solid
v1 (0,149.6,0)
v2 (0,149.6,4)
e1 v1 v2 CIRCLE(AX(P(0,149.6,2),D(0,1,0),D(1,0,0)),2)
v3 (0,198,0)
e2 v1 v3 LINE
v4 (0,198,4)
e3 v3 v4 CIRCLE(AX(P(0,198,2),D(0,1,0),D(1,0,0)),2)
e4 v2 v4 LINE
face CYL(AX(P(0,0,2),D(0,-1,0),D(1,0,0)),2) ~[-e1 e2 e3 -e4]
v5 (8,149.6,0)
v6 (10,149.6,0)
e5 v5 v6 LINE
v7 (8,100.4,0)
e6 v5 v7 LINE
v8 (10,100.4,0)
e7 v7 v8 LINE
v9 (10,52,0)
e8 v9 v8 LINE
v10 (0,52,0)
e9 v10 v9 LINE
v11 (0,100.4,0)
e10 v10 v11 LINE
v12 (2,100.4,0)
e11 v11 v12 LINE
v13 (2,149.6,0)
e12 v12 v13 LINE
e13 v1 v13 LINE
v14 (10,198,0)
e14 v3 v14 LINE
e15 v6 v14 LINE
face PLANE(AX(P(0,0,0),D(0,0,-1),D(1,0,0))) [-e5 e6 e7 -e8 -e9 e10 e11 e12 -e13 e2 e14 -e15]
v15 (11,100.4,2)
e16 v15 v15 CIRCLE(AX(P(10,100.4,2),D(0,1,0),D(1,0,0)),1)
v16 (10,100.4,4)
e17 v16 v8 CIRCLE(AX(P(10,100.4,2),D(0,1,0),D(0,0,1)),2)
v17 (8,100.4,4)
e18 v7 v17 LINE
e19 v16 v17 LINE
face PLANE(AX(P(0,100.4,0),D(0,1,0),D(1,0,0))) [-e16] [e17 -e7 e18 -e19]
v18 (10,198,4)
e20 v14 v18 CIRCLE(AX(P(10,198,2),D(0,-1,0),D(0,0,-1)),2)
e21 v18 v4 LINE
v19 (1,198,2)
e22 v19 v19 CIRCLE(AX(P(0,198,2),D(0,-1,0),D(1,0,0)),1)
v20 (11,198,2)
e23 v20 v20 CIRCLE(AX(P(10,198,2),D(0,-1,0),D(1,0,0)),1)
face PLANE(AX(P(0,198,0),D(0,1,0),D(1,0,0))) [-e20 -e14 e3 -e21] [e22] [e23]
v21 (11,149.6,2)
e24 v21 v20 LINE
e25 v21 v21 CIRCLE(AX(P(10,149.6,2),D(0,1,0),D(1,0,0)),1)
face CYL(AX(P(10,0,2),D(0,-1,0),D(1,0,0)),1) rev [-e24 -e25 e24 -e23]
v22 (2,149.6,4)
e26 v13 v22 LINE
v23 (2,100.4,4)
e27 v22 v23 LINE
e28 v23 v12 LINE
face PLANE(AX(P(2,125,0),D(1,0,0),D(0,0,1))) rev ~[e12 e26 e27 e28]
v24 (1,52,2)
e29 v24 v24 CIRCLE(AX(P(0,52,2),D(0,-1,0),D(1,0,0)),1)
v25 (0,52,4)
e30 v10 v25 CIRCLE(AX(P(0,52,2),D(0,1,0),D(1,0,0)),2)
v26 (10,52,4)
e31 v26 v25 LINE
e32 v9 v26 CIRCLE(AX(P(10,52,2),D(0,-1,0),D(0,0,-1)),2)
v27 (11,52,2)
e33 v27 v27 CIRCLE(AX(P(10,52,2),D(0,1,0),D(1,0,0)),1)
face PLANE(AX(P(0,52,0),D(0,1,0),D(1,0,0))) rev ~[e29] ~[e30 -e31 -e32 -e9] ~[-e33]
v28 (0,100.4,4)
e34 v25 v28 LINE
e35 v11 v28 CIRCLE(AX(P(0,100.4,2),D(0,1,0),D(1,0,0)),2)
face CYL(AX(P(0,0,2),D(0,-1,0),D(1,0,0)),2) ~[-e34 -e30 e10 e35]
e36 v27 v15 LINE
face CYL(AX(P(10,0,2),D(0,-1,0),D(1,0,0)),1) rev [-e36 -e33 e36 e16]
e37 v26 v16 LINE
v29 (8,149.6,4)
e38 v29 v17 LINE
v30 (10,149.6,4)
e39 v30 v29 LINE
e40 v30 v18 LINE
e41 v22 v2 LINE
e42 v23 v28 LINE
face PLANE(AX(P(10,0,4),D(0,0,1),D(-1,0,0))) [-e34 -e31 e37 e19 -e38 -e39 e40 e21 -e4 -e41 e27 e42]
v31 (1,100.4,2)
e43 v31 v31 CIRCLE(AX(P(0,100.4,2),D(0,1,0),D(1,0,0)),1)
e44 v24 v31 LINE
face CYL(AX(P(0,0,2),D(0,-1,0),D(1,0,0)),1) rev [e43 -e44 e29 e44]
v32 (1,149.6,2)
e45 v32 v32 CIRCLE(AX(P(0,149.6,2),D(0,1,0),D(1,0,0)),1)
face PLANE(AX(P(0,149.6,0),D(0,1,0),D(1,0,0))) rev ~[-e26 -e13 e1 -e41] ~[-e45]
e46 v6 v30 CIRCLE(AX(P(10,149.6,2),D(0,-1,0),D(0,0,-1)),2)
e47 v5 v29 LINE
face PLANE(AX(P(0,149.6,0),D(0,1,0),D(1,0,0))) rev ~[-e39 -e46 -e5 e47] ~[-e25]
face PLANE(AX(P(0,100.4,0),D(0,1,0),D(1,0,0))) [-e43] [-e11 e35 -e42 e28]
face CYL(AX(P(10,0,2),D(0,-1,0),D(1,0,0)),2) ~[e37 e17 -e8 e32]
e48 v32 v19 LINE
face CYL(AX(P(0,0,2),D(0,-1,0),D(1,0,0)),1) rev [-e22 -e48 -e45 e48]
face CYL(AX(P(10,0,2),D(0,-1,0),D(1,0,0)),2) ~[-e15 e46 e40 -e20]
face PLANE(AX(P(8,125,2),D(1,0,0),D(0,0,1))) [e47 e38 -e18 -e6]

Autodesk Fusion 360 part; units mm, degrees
sketch "Sketch1" plane through (0, 0, 0) normal (0, 1, 0) x (1, 0, 0)
  line L0 (0, 0) -> (10, 0)
  line L1 (10, 0) -> (10, -4)
  line L2 (10, -4) -> (0, -4)
  line L3 (0, -4) -> (0, 0)
  circle A0 centre (0, -2) radius 2
  circle A1 centre (10, -2) radius 2
  circle A2 centre (0, -2) radius 1
  circle A3 centre (10, -2) radius 1
  dimension "d1" = 10
  dimension "d2" = 4
  dimension "d5" = 2
  dimension "d6" = 2
extrude "Extrude1" add sketch "Sketch1" along normal blind 250 contours L3 A0 A2 | L0 L2 A0 A1 | L3 A0 A2 | L1 A1 A3 | L1 A1 A3
ref_plane "WorkPlane1" through (0, 51.2, 0) normal (0, 1, 0) x (0, 0, 1)
sketch "Sketch3" plane through (0, 51.2, 0) normal (0, 1, 0) x (1, 0, 0)
  line L0 (8, -4) -> (8, 0)
  line L1 (10, -4) -> (0, -4)
  line L2 (0, 0) -> (10, 0)
  line L3 (8, -4) -> (10, -4)
  line L4 (8, 0) -> (10, 0)
  circle A0 centre (10, -2) radius 1
  circle A1 centre (10, -2) radius 1
  circle A2 centre (10, -2) radius 2
  arc A3 (10, -4) -> (10, 0) centre (10, -2) ccw
  line L5 (5, 0) -> (5, -4)
  circle A4 centre (0, -2) radius 2
  circle A5 centre (0, -2) radius 1
  line L6 (2, -4) -> (0, -4)
  line L7 (2, -4) -> (2, 0)
  line L8 (2, 0) -> (0, 0)
  dimension "d15" = 2
extrude "Extrude3" cut sketch "Sketch3" against normal blind 49.2 contours L0 L1 L3 A2 | L0 L2 L4 A2 | A2 A3 | L1 A4 L6 L7 | A4 | L2 A4 L7 L8
ref_plane "WorkPlane2" through (0, 125, 0) normal (0, 1, 0) x (0, 0, 1)
mirror "Mirror1" about plane through (0, 125, 0) normal (0, 1, 0) of "Extrude3"
sketch "Sketch4" plane through (0, 125, 0) normal (0, 1, 0) x (1, 0, 0)
  circle A0 centre (10, -2) radius 1
  circle A1 centre (10, -2) radius 2
  circle A2 centre (0, -2) radius 1
  circle A3 centre (0, -2) radius 2
  circle A4 centre (10, -2) radius 1
  arc A5 (10, -4) -> (10, 0) centre (10, -2) ccw
  arc A6 (0, 0) -> (0, -4) centre (0, -2) ccw
  circle A7 centre (0, -2) radius 1
  line L0 (10, -4) -> (0, -4)
  line L1 (0, 0) -> (10, 0)
  line L2 (5, -4) -> (5, 0)
  line L3 (10, 0) -> (8, 0)
  line L4 (8, 0) -> (8, -4)
  line L5 (2, 0) -> (2, -4)
  dimension "d41" = 2
extrude "Extrude8" cut sketch "Sketch4" along normal blind 24.6 and the other way blind 24.6 contours A1 A5 | A1 L1 L3 L4 | A1 L0 L4 | A3 L1 L5 | A3 L0 L5 | A3 A6
extrude "Extrude5" cut 1 faces at (3.6087, 0, 0.4789) along direction (0, 1, 0) blind 52
extrude "Extrude6" cut 1 faces at (3.6087, 250, 0.4789) along direction (0, -1, 0) blind 52
fillet "Fillet2" [rolled back] radius 1
equation "d7 = 2 mm + 49.2 mm"
